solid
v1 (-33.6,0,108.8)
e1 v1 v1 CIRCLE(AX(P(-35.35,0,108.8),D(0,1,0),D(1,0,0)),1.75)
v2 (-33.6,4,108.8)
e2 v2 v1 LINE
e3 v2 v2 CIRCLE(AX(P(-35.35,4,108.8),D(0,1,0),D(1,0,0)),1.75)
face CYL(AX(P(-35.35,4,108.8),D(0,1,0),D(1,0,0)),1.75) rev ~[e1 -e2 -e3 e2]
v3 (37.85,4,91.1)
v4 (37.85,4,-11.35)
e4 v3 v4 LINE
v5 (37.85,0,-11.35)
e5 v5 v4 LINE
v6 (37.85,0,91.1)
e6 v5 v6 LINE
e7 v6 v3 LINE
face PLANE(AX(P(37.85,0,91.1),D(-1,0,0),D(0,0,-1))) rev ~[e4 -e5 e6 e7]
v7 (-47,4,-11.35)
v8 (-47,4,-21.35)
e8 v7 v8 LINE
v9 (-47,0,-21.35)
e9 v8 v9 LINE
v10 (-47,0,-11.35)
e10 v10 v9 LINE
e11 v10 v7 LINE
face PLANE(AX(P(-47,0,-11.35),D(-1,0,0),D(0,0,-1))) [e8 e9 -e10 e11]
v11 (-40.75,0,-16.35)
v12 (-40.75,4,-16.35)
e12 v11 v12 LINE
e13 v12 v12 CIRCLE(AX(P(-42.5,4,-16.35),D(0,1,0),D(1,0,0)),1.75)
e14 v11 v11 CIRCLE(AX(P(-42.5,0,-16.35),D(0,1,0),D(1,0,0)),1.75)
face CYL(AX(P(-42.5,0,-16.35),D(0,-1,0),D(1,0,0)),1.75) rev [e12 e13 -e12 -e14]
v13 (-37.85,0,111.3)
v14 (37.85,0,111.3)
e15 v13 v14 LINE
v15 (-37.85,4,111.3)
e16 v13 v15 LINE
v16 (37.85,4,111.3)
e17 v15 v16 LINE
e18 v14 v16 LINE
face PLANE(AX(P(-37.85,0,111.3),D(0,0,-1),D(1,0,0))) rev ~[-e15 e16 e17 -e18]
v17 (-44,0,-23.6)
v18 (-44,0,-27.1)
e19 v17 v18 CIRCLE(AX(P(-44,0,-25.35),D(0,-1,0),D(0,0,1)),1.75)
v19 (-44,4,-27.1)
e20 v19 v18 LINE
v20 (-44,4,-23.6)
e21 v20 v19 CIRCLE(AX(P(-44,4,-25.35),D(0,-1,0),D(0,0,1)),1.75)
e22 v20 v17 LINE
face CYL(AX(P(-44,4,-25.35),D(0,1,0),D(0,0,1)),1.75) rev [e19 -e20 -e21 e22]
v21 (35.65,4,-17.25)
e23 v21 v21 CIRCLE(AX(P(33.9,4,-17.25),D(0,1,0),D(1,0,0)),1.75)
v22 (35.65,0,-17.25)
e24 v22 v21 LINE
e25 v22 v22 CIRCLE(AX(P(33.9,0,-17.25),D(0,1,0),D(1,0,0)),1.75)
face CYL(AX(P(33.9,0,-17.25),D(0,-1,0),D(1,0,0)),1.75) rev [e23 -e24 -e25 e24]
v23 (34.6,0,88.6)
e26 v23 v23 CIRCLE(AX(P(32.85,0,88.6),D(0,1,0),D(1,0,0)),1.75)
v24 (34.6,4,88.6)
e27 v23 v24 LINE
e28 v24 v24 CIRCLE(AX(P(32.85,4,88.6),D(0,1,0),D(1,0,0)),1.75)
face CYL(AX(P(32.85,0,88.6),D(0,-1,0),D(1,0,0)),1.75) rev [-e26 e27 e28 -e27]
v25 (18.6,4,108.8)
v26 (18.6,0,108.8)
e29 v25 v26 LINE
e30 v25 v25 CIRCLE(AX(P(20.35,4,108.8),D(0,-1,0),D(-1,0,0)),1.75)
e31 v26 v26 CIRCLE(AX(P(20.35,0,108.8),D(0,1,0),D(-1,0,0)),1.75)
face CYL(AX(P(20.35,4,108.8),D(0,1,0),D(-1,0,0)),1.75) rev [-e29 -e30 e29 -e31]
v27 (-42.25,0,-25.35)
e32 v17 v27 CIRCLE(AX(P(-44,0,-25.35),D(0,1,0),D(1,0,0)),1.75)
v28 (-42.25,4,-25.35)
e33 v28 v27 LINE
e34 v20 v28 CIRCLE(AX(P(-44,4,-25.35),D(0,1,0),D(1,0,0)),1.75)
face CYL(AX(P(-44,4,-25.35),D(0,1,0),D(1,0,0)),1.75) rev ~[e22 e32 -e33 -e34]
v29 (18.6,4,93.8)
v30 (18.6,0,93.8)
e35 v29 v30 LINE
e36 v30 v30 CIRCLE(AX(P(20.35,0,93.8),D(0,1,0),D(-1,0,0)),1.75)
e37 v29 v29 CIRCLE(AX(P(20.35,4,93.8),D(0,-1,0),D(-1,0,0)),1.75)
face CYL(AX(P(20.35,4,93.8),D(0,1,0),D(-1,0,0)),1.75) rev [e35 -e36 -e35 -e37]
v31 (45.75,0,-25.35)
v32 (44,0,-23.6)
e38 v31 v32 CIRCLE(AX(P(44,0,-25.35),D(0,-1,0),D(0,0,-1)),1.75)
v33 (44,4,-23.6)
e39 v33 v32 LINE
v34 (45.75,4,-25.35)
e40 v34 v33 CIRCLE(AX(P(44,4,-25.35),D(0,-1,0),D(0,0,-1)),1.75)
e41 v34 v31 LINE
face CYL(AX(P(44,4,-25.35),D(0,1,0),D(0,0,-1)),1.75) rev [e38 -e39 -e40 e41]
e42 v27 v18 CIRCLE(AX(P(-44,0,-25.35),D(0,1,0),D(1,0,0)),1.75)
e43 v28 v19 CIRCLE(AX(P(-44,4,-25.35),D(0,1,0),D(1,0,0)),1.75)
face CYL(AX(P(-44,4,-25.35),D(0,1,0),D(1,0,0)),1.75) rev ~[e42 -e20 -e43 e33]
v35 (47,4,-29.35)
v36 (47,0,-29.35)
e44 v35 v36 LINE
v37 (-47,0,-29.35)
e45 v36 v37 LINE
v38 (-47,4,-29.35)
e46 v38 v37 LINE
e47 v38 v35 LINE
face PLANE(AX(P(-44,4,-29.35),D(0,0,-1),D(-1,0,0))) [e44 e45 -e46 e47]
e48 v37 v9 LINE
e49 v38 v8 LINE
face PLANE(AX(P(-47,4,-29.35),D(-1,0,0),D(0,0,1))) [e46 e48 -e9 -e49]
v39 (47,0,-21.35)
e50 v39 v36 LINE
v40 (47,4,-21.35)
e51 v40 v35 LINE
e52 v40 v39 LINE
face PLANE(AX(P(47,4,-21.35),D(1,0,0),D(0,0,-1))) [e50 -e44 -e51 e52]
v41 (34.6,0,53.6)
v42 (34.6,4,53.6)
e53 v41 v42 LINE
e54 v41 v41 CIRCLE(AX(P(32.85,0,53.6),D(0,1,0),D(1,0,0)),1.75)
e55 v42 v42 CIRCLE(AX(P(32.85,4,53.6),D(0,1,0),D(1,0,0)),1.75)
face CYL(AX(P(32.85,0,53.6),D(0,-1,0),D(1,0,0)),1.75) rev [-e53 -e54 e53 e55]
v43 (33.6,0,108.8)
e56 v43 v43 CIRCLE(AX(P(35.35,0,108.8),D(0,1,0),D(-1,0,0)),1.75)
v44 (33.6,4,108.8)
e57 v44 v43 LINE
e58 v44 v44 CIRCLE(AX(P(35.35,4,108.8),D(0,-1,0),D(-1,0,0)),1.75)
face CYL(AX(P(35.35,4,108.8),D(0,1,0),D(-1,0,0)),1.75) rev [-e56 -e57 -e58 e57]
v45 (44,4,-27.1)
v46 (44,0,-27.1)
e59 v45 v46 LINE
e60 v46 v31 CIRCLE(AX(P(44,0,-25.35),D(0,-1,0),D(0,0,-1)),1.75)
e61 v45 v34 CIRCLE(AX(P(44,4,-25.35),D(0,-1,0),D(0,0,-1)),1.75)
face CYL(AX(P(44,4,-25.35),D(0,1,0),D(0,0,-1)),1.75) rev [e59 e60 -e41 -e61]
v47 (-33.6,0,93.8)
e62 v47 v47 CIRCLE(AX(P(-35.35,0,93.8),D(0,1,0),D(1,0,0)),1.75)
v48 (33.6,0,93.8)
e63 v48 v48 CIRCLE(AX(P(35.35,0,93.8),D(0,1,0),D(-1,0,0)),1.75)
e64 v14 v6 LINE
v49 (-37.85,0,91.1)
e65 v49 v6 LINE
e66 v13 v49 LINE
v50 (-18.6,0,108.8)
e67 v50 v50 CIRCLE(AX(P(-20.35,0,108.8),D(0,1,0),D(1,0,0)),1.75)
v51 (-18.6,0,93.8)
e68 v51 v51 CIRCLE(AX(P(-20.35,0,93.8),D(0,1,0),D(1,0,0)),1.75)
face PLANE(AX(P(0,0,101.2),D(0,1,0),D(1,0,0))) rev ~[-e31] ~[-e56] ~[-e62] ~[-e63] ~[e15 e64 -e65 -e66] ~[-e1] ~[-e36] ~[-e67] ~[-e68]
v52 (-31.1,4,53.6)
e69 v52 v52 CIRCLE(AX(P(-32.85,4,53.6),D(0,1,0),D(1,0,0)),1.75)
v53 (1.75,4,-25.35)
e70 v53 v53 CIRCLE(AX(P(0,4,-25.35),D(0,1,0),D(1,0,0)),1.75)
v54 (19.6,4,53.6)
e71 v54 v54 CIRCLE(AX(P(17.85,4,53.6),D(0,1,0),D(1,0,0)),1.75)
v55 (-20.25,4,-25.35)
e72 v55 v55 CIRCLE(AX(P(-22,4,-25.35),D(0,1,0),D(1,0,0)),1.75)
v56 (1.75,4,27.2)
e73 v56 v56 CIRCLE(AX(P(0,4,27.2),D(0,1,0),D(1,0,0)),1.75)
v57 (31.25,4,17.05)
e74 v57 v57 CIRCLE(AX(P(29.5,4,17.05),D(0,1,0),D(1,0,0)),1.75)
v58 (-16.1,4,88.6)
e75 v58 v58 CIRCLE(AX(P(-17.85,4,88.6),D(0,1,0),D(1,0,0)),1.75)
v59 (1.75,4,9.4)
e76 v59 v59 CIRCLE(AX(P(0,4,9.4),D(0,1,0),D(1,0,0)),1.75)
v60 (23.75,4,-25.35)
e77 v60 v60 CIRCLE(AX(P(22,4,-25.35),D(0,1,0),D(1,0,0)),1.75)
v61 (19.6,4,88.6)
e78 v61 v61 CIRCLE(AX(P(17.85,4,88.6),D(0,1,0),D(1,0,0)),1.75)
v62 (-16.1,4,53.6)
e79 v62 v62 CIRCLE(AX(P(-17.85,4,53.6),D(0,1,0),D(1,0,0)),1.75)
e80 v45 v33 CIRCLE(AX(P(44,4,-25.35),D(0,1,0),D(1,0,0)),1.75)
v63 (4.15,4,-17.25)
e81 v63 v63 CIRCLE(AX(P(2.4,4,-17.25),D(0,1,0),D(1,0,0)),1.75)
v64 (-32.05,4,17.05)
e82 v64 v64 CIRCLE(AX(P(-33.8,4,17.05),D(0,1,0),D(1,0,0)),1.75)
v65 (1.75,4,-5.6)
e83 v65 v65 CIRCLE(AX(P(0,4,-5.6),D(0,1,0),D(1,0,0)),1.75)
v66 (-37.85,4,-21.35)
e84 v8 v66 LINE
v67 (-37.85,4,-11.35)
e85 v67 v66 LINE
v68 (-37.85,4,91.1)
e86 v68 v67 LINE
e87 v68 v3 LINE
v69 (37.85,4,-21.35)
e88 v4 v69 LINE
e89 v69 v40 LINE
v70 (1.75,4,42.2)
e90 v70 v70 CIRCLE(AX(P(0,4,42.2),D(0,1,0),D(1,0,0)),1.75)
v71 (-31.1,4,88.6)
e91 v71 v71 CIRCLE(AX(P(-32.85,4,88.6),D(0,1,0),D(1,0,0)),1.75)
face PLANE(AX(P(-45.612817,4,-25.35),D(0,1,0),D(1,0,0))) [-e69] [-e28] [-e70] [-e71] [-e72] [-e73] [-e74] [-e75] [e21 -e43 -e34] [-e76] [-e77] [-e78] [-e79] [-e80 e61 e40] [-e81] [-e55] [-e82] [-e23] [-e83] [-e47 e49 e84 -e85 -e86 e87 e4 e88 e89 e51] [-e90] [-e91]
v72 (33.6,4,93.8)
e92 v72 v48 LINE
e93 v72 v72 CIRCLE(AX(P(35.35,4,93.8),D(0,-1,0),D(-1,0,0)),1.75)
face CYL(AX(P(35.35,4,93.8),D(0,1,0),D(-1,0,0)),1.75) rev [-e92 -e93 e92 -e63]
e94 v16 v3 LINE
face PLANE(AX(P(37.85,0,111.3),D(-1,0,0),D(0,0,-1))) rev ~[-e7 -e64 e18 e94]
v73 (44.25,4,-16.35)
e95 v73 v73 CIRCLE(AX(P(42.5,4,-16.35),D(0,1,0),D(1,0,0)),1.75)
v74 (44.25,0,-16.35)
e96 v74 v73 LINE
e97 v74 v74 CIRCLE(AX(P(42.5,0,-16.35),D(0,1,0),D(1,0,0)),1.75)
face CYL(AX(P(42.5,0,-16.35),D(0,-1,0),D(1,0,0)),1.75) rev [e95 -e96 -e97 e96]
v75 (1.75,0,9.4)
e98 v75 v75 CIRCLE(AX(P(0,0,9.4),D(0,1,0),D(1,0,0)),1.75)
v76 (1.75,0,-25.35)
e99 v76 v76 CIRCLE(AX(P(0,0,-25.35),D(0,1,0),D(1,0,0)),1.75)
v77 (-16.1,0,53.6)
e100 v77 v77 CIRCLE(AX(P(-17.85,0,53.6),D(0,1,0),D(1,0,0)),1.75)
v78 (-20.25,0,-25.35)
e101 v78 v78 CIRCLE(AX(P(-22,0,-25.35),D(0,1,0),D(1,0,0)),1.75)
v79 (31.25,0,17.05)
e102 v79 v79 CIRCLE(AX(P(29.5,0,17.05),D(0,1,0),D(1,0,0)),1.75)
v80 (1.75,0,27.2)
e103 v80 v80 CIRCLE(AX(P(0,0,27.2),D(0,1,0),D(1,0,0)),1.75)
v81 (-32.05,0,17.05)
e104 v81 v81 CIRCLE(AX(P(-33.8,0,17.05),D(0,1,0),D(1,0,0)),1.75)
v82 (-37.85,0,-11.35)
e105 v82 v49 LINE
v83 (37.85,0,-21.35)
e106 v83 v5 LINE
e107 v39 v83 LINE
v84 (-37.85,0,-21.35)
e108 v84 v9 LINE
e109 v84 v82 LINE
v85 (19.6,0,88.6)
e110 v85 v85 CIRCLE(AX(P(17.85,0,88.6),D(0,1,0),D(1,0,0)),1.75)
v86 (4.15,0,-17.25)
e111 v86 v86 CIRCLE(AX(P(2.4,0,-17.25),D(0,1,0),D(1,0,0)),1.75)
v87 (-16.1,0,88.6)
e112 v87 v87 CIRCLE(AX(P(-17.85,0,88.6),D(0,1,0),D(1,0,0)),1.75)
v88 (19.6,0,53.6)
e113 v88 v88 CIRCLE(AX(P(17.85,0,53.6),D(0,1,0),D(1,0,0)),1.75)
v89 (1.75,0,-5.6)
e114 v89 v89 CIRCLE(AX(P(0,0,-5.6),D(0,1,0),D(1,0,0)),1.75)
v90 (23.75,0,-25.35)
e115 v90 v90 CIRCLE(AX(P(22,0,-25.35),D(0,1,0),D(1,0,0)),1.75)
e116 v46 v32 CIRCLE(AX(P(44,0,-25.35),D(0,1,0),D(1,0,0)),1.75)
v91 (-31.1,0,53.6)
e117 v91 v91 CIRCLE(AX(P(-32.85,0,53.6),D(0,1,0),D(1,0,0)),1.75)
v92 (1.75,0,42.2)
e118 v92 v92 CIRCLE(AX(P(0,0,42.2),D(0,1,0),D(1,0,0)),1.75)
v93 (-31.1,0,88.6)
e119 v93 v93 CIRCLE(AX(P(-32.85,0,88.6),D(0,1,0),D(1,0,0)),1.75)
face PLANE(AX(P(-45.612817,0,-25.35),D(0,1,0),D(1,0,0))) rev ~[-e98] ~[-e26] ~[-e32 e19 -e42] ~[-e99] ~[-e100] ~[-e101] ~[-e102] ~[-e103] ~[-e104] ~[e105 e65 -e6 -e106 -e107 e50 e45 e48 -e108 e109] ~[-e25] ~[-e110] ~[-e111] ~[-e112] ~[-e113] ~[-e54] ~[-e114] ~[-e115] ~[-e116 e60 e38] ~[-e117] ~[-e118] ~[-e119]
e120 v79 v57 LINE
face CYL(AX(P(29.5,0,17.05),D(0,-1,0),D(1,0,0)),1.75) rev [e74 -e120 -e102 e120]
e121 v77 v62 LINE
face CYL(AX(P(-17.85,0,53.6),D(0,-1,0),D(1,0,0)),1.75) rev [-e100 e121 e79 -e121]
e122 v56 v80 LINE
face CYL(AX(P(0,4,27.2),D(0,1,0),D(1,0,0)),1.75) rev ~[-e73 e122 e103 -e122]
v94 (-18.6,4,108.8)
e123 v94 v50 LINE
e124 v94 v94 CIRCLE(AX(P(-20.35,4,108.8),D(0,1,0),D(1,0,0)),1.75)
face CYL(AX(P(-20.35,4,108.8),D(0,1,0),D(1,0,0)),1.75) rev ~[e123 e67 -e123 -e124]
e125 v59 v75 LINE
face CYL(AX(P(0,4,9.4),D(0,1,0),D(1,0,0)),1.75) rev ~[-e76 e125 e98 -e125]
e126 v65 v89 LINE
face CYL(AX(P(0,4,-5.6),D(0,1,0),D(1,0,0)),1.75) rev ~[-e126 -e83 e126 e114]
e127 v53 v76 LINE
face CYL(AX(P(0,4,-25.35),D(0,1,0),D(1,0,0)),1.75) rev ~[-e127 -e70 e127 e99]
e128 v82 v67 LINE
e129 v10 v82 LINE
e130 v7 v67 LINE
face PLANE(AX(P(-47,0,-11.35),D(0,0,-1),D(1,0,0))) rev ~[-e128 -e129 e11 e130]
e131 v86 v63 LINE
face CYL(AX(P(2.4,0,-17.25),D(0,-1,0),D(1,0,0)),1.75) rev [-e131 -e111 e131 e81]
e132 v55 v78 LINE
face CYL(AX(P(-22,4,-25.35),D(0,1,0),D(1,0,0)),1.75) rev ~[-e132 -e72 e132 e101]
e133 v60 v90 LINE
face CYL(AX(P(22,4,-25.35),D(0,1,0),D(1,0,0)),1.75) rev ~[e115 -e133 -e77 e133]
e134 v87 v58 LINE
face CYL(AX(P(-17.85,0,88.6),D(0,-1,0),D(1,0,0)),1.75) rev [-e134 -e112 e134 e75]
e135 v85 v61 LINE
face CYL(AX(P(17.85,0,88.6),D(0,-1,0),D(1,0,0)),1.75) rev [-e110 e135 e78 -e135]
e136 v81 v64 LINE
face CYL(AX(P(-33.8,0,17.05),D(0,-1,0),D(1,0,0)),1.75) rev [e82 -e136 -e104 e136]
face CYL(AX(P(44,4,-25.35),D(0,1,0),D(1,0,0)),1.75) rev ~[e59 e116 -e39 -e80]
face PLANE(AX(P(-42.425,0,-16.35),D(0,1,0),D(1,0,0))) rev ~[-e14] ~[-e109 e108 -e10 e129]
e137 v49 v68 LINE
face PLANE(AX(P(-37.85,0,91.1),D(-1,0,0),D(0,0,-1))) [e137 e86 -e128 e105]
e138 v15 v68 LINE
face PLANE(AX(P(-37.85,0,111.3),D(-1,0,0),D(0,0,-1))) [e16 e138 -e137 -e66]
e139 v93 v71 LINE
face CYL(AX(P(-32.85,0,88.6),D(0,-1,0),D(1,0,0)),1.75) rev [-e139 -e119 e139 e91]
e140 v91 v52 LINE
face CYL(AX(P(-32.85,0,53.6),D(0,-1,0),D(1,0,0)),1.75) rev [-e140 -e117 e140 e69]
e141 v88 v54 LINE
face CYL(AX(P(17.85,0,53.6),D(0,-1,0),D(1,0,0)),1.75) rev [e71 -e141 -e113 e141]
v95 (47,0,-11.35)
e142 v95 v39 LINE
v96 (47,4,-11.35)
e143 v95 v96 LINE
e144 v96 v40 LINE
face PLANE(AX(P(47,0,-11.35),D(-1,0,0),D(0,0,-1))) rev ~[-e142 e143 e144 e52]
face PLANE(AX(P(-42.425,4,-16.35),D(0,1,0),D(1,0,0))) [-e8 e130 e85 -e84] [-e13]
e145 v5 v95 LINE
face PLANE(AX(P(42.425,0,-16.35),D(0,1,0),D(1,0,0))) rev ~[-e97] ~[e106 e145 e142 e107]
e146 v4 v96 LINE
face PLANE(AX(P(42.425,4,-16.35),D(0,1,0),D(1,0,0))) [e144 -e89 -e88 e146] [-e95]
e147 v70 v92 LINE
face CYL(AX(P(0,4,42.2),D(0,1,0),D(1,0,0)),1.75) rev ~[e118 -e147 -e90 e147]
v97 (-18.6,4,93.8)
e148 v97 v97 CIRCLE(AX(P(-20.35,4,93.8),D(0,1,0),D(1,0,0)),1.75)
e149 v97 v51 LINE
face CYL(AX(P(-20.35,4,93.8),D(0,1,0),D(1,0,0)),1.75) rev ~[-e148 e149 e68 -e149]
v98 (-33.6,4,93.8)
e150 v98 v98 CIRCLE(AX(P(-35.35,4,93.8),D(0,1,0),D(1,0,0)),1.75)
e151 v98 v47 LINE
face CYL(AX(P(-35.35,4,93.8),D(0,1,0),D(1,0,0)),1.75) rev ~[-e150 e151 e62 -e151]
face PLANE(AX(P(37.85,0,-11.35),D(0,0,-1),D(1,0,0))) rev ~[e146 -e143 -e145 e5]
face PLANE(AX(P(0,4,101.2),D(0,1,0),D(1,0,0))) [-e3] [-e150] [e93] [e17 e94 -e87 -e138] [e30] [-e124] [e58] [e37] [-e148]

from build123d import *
from build123d.topology import SkipClean

# Parameters (mm, degrees)
SKETCH1_W           = 75.7
SKETCH1_H           = 42.7
SKETCH1_R           = 1.75
BOSS_EXTRUDE1_DEPTH = 4
SKETCH3_W           = 75.7
SKETCH3_H           = 29.75
SKETCH3_R           = 1.75
BOSS_EXTRUDE2_DEPTH = 4
SKETCH3_3_R         = 1.75
CUT_EXTRUDE1_DEPTH  = 4
SKETCH4_W           = 75.7
SKETCH4_H           = 40
SKETCH4_R           = 1.75
BOSS_EXTRUDE3_DEPTH = 4
BOSS_EXTRUDE4_DEPTH = 4
SKETCH6_3_R         = 1.75
CUT_EXTRUDE2_DEPTH  = 103.587572347
SKETCH7_W           = 9.15
SKETCH7_H           = 10
SKETCH7_R           = 1.75
BOSS_EXTRUDE5_DEPTH = 4
SKETCH8_W           = 75.7
SKETCH8_H           = 20.2
BOSS_EXTRUDE6_DEPTH = 4
SKETCH9_R           = 1.75
CUT_EXTRUDE3_DEPTH  = 121.882959924


with BuildPart() as part:
    # Sketch1 → Boss-Extrude1 (new body)
    with BuildSketch(Plane(origin=(0, 0, 0), x_dir=(1, 0, 0), z_dir=(0, 1, 0))):
        Rectangle(SKETCH1_W, SKETCH1_H)
        with Locations((2.4, 17.25)):
            Circle(SKETCH1_R, mode=Mode.SUBTRACT)
        with Locations((-33.8, -17.05)):
            Circle(SKETCH1_R, mode=Mode.SUBTRACT)
        with Locations((29.5, -17.05)):
            Circle(SKETCH1_R, mode=Mode.SUBTRACT)
        with Locations((33.9, 17.25)):
            Circle(SKETCH1_R, mode=Mode.SUBTRACT)
    extrude(amount=BOSS_EXTRUDE1_DEPTH)

    # Sketch3 → Boss-Extrude2 (add)
    with BuildSketch(Plane(origin=(0, 4, 0), x_dir=(1, 0, 0), z_dir=(0, 1, 0))):
        with Locations((0, -36.225)):
            Rectangle(SKETCH3_W, SKETCH3_H)
        with Locations((0, -42.2)):
            Circle(SKETCH3_R, mode=Mode.SUBTRACT)
        with Locations((0, -27.2)):
            Circle(SKETCH3_R, mode=Mode.SUBTRACT)
    extrude(amount=-BOSS_EXTRUDE2_DEPTH)

    # Sketch3<3> → Cut-Extrude1 (cut)
    with BuildSketch(Plane(origin=(0, 4, 0), x_dir=(1, 0, 0), z_dir=(0, 1, 0))):
        with Locations((0, 5.6)):
            Circle(SKETCH3_3_R)
        with Locations((0, -9.4)):
            Circle(SKETCH3_3_R)
    extrude(amount=-CUT_EXTRUDE1_DEPTH, mode=Mode.SUBTRACT)

    # Sketch4 → Boss-Extrude3 (add)
    # profile 1 of 2: a face of its own
    with BuildSketch(Plane(origin=(0, 0, 0), x_dir=(1, 0, 0), z_dir=(0, 1, 0))):
        with Locations((0, -71.1)):
            Rectangle(SKETCH4_W, SKETCH4_H)
        with Locations((-32.85, -53.6)):
            Circle(SKETCH4_R, mode=Mode.SUBTRACT)
        with Locations((-17.85, -53.6)):
            Circle(SKETCH4_R, mode=Mode.SUBTRACT)
        with Locations((-17.85, -88.6)):
            Circle(SKETCH4_R, mode=Mode.SUBTRACT)
        with Locations((-32.85, -88.6)):
            Circle(SKETCH4_R, mode=Mode.SUBTRACT)
        with Locations((32.85, -88.6)):
            Circle(SKETCH4_R, mode=Mode.SUBTRACT)
        with Locations((17.85, -88.6)):
            Circle(SKETCH4_R, mode=Mode.SUBTRACT)
        with Locations((17.85, -53.6)):
            Circle(SKETCH4_R, mode=Mode.SUBTRACT)
        with Locations((32.85, -53.6)):
            Circle(SKETCH4_R, mode=Mode.SUBTRACT)
    # profile 2 of 2: a face of its own
    with BuildSketch(Plane(origin=(0, 0, 0), x_dir=(1, 0, 0), z_dir=(0, 1, 0))):
        Polygon((-37.85, 21.35), (-44, 21.35), (-44, 29.35), (44, 29.35), (44, 21.35), (37.85, 21.35), align=None)
    extrude(amount=BOSS_EXTRUDE3_DEPTH)

    # Sketch6 → Boss-Extrude4 (add)
    with BuildSketch(Plane(origin=(0, 4, 0), x_dir=(1, 0, 0), z_dir=(0, 1, 0))):
        with BuildLine():
            Line((-44, 27.1), (-44, 29.35))
            Line((-44, 29.35), (-47, 29.35))
            Line((-47, 29.35), (-47, 21.35))
            Line((-47, 21.35), (-44, 21.35))
            Line((-44, 21.35), (-44, 23.6))
            ThreePointArc((-44, 23.6), (-45.75, 25.35), (-44, 27.1))
        make_face()
        with BuildLine():
            Line((47, 29.35), (44, 29.35))
            Line((44, 29.35), (44, 27.1))
            ThreePointArc((44, 27.1), (45.75, 25.35), (44, 23.6))
            Line((44, 23.6), (44, 21.35))
            Line((44, 21.35), (47, 21.35))
            Line((47, 21.35), (47, 29.35))
        make_face()
    extrude(amount=-BOSS_EXTRUDE4_DEPTH)

    # Sketch6<3> → Cut-Extrude2 (cut, through all)
    with SkipClean():  # the faces are left unmerged after this step: merging them gives an invalid solid
        with BuildSketch(Plane(origin=(0, 4, 0), x_dir=(1, 0, 0), z_dir=(0, 1, 0))):
            with Locations((0, 25.35)):
                Circle(SKETCH6_3_R)
            with Locations((22, 25.35)):
                Circle(SKETCH6_3_R)
            with Locations((44, 25.35)):
                Circle(SKETCH6_3_R)
            with Locations((-22, 25.35)):
                Circle(SKETCH6_3_R)
            with Locations((-44, 25.35)):
                Circle(SKETCH6_3_R)
        extrude(amount=-CUT_EXTRUDE2_DEPTH, mode=Mode.SUBTRACT)

    # Sketch7 → Boss-Extrude5 (add)
    # profile 1 of 2: a face of its own
    with SkipClean():  # the faces are left unmerged after this step: merging them gives an invalid solid
        with BuildSketch(Plane(origin=(0, 0, 0), x_dir=(1, 0, 0), z_dir=(0, 1, 0))):
            with Locations((-42.425, 16.35)):
                Rectangle(SKETCH7_W, SKETCH7_H)
            with Locations((-42.5, 16.35)):
                Circle(SKETCH7_R, mode=Mode.SUBTRACT)
        # profile 2 of 2: a face of its own
        with BuildSketch(Plane(origin=(0, 0, 0), x_dir=(1, 0, 0), z_dir=(0, 1, 0))):
            with Locations((42.425, 16.35)):
                Rectangle(SKETCH7_W, SKETCH7_H)
            with Locations((42.5, 16.35)):
                Circle(SKETCH7_R, mode=Mode.SUBTRACT)
        extrude(amount=BOSS_EXTRUDE5_DEPTH)

    # Sketch8 → Boss-Extrude6 (add)
    with SkipClean():  # the faces are left unmerged after this step: merging them gives an invalid solid
        with BuildSketch(Plane(origin=(0, 0, 0), x_dir=(1, 0, 0), z_dir=(0, 1, 0))):
            with Locations((0, -101.2)):
                Rectangle(SKETCH8_W, SKETCH8_H)
        extrude(amount=BOSS_EXTRUDE6_DEPTH)

    # Sketch9 → Cut-Extrude3 (cut, through all)
    with SkipClean():  # the faces are left unmerged after this step: merging them gives an invalid solid
        with BuildSketch(Plane(origin=(0, 4, 0), x_dir=(1, 0, 0), z_dir=(0, 1, 0))):
            with Locations((-35.35, -93.8)):
                Circle(SKETCH9_R)
            with Locations((-20.35, -93.8)):
                Circle(SKETCH9_R)
            with Locations((-20.35, -108.8)):
                Circle(SKETCH9_R)
            with Locations((-35.35, -108.8)):
                Circle(SKETCH9_R)
        cut_extrude3 = extrude(amount=-CUT_EXTRUDE3_DEPTH, mode=Mode.SUBTRACT)

    # Mirror1: Cut-Extrude3 across plane
    with SkipClean():  # the faces are left unmerged after this step: merging them gives an invalid solid
        add(cut_extrude3.mirror(Plane(origin=(0, 0, 0), x_dir=(0, 0, 1), z_dir=(1, 0, 0))), mode=Mode.SUBTRACT)


solid = part.part
